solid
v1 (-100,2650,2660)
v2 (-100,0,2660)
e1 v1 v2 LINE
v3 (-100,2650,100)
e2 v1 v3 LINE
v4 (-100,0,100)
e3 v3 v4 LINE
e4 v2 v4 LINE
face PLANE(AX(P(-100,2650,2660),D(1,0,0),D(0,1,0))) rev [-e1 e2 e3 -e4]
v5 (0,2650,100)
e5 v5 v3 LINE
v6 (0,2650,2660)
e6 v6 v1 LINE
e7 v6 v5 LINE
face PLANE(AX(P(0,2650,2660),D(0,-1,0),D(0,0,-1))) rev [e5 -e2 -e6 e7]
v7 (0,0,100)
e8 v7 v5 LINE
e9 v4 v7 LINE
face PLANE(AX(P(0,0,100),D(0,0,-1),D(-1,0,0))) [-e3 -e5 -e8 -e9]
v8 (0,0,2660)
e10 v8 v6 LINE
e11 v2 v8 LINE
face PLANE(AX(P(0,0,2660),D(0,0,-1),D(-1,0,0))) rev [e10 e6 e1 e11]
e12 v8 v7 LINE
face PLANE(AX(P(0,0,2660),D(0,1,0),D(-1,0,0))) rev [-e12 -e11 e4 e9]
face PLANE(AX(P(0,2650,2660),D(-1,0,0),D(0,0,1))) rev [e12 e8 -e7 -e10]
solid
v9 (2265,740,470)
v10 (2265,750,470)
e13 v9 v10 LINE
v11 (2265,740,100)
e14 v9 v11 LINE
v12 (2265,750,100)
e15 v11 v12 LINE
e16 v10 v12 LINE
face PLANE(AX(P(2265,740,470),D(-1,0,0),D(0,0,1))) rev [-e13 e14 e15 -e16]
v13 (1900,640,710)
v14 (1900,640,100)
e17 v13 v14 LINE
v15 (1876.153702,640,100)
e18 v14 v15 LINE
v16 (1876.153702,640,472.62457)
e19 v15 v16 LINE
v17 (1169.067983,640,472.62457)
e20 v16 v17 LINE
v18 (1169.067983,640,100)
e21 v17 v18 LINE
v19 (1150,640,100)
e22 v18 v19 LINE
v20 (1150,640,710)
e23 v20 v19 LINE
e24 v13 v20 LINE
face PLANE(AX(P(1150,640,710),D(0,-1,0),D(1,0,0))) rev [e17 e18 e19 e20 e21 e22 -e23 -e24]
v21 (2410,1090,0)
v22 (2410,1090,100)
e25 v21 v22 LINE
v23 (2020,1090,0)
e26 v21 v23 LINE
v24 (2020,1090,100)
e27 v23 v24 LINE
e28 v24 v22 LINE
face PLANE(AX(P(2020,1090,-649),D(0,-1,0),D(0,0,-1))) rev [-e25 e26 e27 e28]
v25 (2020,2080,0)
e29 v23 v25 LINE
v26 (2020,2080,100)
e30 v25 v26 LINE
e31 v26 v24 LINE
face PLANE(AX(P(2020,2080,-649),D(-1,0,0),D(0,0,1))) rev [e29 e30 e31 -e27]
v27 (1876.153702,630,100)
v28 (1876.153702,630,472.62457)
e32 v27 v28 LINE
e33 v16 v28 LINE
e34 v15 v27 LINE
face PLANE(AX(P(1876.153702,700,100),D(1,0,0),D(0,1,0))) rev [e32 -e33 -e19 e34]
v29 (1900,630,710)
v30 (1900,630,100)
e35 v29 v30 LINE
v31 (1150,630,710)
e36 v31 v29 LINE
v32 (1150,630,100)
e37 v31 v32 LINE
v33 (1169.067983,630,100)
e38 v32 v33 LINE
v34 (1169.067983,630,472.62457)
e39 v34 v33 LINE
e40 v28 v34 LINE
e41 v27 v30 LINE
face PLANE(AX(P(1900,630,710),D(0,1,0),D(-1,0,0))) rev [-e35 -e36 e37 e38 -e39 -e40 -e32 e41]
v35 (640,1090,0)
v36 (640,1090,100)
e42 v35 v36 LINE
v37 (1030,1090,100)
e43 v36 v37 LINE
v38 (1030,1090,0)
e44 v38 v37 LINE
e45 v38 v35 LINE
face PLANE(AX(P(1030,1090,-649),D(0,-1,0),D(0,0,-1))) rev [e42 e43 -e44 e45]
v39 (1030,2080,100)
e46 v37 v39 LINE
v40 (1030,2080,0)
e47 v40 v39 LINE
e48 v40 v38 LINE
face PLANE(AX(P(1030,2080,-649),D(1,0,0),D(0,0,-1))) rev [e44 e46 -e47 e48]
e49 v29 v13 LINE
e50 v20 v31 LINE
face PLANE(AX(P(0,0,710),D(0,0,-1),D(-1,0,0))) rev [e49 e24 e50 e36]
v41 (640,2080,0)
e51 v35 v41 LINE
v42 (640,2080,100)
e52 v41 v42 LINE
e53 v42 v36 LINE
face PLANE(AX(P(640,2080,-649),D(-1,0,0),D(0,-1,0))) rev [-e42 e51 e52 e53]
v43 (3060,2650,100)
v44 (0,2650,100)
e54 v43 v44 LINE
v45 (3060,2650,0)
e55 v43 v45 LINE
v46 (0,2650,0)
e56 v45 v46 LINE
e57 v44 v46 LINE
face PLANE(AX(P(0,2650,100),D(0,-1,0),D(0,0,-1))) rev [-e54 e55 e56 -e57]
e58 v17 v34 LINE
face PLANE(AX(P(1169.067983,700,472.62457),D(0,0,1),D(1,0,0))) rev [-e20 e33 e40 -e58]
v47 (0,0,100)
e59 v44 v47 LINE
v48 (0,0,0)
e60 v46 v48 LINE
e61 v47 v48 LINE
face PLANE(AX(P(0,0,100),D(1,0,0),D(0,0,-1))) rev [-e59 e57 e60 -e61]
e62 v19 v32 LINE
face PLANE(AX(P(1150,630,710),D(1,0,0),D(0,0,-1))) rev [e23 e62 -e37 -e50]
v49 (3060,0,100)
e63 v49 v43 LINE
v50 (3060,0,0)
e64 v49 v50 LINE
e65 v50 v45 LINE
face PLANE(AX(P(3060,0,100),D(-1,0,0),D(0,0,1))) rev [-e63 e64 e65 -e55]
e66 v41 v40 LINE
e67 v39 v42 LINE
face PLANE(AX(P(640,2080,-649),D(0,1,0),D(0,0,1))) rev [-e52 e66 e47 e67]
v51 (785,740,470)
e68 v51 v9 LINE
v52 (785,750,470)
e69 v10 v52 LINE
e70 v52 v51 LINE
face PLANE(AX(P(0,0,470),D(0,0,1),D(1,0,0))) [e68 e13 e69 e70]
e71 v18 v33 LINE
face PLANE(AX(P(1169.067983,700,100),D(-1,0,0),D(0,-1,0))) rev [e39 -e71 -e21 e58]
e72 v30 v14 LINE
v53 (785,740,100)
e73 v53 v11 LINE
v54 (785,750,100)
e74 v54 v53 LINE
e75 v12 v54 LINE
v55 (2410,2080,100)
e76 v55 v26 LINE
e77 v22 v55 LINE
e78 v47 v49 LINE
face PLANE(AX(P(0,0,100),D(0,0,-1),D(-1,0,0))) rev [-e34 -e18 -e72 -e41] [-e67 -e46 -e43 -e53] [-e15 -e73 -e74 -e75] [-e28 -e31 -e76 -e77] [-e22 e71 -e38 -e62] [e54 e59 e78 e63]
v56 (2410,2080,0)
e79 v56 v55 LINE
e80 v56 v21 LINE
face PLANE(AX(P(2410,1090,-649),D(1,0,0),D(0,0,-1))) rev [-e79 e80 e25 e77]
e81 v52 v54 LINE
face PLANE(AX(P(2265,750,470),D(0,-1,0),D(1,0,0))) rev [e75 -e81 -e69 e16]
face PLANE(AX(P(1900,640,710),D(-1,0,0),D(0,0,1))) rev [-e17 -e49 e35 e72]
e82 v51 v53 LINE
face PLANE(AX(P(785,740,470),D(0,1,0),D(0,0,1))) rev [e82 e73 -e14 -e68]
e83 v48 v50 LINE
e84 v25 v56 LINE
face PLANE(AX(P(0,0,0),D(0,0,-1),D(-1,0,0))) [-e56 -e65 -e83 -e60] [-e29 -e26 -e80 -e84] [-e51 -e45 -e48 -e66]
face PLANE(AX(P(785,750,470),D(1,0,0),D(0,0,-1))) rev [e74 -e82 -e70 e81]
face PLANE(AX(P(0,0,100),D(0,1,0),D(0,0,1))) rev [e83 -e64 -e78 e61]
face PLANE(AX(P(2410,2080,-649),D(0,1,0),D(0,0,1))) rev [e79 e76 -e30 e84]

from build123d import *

# Parameters (mm, degrees)
ESBO_O6_W                = 3060
ESBO_O6_H                = 2650
RESSALTO_EXTRUS_O2_DEPTH = 100
ESBO_O7_W                = 390
ESBO_O7_H                = 990
CORTE_EXTRUS_O1_DEPTH    = 749
ESBO_O8_W                = 100
ESBO_O8_H                = 2650
RESSALTO_EXTRUS_O3_DEPTH = 2560
ESBO_O14_W               = 1480
ESBO_O14_H               = 10
RESSALTO_EXTRUS_O6_DEPTH = 370
ESBO_O16_W               = 750
ESBO_O16_H               = 10
RESSALTO_EXTRUS_O7_DEPTH = 710
ESBO_O17_W               = 707.085719873
ESBO_O17_H               = 372.624570159
CORTE_EXTRUS_O3_DEPTH    = 70


with BuildPart() as part:
    # Esboço6 → Ressalto-extrusão2 (new body)
    with BuildSketch(Plane.XY):
        with Locations((1530, 1325)):
            Rectangle(ESBO_O6_W, ESBO_O6_H)
    extrude(amount=RESSALTO_EXTRUS_O2_DEPTH)

    # Esboço7 → Corte-extrusão1 (cut)
    with BuildSketch(Plane.XY.offset(100)):
        with Locations((2215, 1585)):
            Rectangle(ESBO_O7_W, ESBO_O7_H)
        with Locations((835, 1585)):
            Rectangle(ESBO_O7_W, ESBO_O7_H)
    extrude(amount=-CORTE_EXTRUS_O1_DEPTH, mode=Mode.SUBTRACT)

    # Esboço14 → Ressalto-extrusão6 (add)
    with BuildSketch(Plane.XY.offset(100)):
        with Locations((1525, 745)):
            Rectangle(ESBO_O14_W, ESBO_O14_H)
    extrude(amount=RESSALTO_EXTRUS_O6_DEPTH)

    # Esboço16 → Ressalto-extrusão7 (add)
    with BuildSketch(Plane.XY):
        with Locations((1525, 635)):
            Rectangle(ESBO_O16_W, ESBO_O16_H)
    extrude(amount=RESSALTO_EXTRUS_O7_DEPTH)

    # Esboço17 → Corte-extrusão3 (cut)
    with BuildSketch(Plane.XZ.offset(-630)):
        with Locations((1522.610842488, 286.31228508)):
            Rectangle(ESBO_O17_W, ESBO_O17_H)
    extrude(amount=-CORTE_EXTRUS_O3_DEPTH, mode=Mode.SUBTRACT)


with BuildPart() as body_2:
    # Esboço8 → Ressalto-extrusão3 (new body)
    with BuildSketch(Plane.XY.offset(100)):
        with Locations((-50, 1325)):
            Rectangle(ESBO_O8_W, ESBO_O8_H)
    extrude(amount=RESSALTO_EXTRUS_O3_DEPTH)


solid = Compound([part.part, body_2.part])
